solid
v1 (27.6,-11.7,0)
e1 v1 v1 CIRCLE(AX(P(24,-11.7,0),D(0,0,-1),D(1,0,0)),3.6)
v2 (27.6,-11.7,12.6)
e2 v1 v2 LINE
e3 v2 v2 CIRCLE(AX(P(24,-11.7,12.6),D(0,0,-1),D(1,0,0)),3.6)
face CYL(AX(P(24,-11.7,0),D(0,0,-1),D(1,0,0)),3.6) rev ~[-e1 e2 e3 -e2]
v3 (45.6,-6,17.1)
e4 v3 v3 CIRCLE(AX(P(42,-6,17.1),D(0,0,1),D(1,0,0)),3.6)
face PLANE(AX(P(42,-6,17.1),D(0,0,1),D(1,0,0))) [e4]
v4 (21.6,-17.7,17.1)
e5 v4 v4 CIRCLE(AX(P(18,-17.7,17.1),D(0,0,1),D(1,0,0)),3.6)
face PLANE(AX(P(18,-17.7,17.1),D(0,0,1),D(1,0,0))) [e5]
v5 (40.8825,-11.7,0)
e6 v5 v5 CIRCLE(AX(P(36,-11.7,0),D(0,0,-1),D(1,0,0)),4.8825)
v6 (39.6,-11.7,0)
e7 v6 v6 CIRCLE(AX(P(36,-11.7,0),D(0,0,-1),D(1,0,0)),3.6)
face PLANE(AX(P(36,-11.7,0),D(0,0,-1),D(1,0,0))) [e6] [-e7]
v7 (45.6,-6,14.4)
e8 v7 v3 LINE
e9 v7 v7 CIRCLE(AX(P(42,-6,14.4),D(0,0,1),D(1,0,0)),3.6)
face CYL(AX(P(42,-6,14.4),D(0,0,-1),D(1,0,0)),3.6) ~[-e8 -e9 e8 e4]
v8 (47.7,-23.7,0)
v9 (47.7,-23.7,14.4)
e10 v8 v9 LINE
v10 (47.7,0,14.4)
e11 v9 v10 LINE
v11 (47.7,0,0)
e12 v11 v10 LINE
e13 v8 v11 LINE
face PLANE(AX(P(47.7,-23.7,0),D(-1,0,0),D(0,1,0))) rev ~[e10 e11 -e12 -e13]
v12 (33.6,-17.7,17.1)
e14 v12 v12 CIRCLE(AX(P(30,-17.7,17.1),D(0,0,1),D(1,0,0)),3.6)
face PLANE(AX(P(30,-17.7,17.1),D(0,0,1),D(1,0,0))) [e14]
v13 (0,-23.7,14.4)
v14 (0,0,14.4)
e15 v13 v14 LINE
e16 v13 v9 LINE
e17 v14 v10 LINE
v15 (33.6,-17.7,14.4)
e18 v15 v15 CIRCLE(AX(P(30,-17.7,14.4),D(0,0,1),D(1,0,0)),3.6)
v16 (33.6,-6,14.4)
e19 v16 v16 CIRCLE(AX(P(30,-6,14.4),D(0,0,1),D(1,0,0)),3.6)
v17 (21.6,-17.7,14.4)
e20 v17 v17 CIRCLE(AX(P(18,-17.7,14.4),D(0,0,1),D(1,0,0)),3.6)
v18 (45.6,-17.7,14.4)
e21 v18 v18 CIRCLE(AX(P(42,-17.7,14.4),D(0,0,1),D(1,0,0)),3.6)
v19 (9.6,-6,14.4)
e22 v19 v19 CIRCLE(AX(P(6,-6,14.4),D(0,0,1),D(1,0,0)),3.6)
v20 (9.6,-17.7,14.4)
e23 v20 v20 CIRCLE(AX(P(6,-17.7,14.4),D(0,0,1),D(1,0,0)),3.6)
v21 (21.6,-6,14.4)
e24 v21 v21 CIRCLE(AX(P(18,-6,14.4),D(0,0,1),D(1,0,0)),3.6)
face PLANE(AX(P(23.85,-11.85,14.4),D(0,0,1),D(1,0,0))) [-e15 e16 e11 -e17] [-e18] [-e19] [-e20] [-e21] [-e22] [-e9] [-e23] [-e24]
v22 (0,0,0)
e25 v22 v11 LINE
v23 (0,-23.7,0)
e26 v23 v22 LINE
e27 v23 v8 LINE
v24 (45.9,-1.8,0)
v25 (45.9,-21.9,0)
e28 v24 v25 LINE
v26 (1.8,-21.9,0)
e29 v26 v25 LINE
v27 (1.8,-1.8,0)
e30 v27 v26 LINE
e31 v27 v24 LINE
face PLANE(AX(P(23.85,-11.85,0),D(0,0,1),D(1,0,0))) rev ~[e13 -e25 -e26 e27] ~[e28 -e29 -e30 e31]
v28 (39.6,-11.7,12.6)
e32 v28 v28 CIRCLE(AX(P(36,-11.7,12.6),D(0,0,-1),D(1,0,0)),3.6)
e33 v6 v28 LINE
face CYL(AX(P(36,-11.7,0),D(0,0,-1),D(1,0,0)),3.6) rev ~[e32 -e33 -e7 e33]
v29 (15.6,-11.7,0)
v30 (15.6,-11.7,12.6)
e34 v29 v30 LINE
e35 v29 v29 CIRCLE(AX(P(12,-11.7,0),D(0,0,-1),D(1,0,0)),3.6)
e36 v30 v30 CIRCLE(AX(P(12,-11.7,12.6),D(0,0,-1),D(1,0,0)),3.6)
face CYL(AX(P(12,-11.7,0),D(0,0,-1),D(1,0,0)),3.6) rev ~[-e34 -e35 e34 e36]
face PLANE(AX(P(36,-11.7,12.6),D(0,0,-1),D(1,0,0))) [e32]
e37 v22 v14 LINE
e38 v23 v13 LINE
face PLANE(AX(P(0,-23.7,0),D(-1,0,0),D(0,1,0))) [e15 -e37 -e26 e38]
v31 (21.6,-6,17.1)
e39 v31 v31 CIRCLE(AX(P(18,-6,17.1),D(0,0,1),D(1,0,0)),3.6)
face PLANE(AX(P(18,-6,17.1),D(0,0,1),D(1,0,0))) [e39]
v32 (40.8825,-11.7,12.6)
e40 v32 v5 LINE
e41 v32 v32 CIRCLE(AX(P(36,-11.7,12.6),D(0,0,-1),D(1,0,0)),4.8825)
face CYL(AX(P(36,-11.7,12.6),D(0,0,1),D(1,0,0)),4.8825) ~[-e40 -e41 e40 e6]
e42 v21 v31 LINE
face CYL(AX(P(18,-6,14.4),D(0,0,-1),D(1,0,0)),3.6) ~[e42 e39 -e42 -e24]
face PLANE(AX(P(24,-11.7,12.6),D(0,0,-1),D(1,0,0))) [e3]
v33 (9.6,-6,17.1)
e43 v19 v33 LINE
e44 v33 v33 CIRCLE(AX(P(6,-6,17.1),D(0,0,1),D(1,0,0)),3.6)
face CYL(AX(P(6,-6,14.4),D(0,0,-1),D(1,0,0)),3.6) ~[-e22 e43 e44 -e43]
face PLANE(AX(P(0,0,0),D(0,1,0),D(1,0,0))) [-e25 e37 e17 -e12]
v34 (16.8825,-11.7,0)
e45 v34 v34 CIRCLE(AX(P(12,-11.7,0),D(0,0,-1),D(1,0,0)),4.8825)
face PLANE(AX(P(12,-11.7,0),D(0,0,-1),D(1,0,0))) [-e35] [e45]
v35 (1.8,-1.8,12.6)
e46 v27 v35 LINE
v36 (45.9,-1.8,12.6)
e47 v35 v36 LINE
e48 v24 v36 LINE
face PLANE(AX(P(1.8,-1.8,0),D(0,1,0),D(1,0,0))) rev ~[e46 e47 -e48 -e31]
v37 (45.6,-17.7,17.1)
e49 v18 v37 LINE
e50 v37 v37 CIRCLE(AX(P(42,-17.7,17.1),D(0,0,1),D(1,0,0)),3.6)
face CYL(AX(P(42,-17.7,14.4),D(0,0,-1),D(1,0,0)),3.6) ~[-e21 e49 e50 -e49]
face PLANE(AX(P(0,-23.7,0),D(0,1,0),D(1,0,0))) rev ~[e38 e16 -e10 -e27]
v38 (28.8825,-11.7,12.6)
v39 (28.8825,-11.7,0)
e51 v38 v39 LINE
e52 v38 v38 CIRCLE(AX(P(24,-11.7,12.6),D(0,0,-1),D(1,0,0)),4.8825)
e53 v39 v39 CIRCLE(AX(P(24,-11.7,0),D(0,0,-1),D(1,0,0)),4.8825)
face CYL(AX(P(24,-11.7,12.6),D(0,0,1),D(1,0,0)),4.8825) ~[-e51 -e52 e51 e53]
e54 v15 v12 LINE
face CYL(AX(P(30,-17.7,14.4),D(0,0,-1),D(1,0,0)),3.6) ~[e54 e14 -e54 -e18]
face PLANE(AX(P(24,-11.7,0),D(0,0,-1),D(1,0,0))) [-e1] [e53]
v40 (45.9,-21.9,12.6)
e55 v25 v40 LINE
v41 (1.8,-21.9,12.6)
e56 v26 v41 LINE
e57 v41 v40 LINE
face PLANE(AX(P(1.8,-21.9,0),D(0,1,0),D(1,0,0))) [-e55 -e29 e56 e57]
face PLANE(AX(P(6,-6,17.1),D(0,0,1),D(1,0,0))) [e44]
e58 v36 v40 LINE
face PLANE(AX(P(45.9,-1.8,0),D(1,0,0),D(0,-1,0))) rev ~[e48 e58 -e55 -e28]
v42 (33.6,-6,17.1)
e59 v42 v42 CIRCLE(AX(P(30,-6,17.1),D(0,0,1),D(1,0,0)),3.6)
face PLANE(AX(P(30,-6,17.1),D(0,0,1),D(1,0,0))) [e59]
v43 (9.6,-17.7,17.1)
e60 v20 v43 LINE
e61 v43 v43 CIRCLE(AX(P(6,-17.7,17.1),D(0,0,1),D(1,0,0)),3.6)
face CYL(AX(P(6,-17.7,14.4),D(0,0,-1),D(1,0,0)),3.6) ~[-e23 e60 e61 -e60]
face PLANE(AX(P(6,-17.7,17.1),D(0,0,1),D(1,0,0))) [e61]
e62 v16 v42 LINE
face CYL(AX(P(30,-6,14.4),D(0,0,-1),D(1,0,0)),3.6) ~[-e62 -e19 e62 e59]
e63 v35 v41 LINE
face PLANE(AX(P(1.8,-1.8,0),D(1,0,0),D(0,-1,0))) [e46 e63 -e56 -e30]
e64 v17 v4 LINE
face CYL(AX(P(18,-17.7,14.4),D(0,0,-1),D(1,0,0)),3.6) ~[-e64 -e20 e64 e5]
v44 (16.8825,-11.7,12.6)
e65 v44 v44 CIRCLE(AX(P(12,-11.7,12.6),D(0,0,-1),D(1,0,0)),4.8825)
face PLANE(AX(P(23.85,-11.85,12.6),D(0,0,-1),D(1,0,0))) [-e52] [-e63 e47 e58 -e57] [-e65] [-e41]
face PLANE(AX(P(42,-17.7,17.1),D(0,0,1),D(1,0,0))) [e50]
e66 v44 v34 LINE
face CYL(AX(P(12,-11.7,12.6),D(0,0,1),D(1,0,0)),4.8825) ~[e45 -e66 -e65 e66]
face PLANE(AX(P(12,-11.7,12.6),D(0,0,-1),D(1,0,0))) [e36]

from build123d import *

# Parameters (mm, degrees)
SKETCH_W               = 47.7
SKETCH_H               = 23.7
PAD_DEPTH              = 14.4
SKETCH001_W            = 44.1
SKETCH001_H            = 20.1
POCKET_DEPTH           = 12.6
SKETCH002_R            = 3.6
PAD001_DEPTH           = 2.7
LINEARPATTERN_COUNT    = 4
LINEARPATTERN_PITCH    = 12
SKETCH003_R            = 4.8825
PAD002_DEPTH           = 12.6
LINEARPATTERN001_COUNT = 3
LINEARPATTERN001_PITCH = 12
SKETCH004_R            = 3.6
POCKET001_DEPTH        = 12.6
LINEARPATTERN002_COUNT = 3
LINEARPATTERN002_PITCH = 12


with BuildPart() as part:
    # Sketch → Pad (new body)
    with BuildSketch(Plane.XY):
        with Locations((23.85, -11.85)):
            Rectangle(SKETCH_W, SKETCH_H)
    extrude(amount=PAD_DEPTH)

    # Sketch001 → Pocket (cut)
    with BuildSketch(Plane(origin=(0, 0, 0), x_dir=(1, 0, 0), z_dir=(0, 0, -1))):
        with Locations((23.85, 11.85)):
            Rectangle(SKETCH001_W, SKETCH001_H)
    extrude(amount=-POCKET_DEPTH, mode=Mode.SUBTRACT)

    # Sketch002 → Pad001 (new body)
    with BuildSketch(Plane.XY.offset(14.4)):
        with Locations((6, -17.7)):
            Circle(SKETCH002_R)
        with Locations((6, -6)):
            Circle(SKETCH002_R)
    pad001 = extrude(amount=PAD001_DEPTH)

    # LinearPattern: Pad001 ×4
    with Locations(*[(i * LINEARPATTERN_PITCH, 0, 0) for i in range(1, LINEARPATTERN_COUNT)]):
        add(pad001)

    # Sketch003 → Pad002 (new body)
    with BuildSketch(Plane(origin=(0, 0, 12.6), x_dir=(1, 0, 0), z_dir=(0, 0, -1))):
        with Locations((12, 11.7)):
            Circle(SKETCH003_R)
    pad002 = extrude(amount=PAD002_DEPTH)

    # LinearPattern001: Pad002 ×3
    with Locations(*[(i * LINEARPATTERN001_PITCH, 0, 0) for i in range(1, LINEARPATTERN001_COUNT)]):
        add(pad002)

    # Sketch004 → Pocket001 (cut)
    with BuildSketch(Plane(origin=(0, 0, 0), x_dir=(1, 0, 0), z_dir=(0, 0, -1))):
        with Locations((12, 11.7)):
            Circle(SKETCH004_R)
    pocket001 = extrude(amount=-POCKET001_DEPTH, mode=Mode.SUBTRACT)

    # LinearPattern002: Pocket001 ×3
    with Locations(*[(i * LINEARPATTERN002_PITCH, 0, 0) for i in range(1, LINEARPATTERN002_COUNT)]):
        add(pocket001, mode=Mode.SUBTRACT)


solid = part.part
